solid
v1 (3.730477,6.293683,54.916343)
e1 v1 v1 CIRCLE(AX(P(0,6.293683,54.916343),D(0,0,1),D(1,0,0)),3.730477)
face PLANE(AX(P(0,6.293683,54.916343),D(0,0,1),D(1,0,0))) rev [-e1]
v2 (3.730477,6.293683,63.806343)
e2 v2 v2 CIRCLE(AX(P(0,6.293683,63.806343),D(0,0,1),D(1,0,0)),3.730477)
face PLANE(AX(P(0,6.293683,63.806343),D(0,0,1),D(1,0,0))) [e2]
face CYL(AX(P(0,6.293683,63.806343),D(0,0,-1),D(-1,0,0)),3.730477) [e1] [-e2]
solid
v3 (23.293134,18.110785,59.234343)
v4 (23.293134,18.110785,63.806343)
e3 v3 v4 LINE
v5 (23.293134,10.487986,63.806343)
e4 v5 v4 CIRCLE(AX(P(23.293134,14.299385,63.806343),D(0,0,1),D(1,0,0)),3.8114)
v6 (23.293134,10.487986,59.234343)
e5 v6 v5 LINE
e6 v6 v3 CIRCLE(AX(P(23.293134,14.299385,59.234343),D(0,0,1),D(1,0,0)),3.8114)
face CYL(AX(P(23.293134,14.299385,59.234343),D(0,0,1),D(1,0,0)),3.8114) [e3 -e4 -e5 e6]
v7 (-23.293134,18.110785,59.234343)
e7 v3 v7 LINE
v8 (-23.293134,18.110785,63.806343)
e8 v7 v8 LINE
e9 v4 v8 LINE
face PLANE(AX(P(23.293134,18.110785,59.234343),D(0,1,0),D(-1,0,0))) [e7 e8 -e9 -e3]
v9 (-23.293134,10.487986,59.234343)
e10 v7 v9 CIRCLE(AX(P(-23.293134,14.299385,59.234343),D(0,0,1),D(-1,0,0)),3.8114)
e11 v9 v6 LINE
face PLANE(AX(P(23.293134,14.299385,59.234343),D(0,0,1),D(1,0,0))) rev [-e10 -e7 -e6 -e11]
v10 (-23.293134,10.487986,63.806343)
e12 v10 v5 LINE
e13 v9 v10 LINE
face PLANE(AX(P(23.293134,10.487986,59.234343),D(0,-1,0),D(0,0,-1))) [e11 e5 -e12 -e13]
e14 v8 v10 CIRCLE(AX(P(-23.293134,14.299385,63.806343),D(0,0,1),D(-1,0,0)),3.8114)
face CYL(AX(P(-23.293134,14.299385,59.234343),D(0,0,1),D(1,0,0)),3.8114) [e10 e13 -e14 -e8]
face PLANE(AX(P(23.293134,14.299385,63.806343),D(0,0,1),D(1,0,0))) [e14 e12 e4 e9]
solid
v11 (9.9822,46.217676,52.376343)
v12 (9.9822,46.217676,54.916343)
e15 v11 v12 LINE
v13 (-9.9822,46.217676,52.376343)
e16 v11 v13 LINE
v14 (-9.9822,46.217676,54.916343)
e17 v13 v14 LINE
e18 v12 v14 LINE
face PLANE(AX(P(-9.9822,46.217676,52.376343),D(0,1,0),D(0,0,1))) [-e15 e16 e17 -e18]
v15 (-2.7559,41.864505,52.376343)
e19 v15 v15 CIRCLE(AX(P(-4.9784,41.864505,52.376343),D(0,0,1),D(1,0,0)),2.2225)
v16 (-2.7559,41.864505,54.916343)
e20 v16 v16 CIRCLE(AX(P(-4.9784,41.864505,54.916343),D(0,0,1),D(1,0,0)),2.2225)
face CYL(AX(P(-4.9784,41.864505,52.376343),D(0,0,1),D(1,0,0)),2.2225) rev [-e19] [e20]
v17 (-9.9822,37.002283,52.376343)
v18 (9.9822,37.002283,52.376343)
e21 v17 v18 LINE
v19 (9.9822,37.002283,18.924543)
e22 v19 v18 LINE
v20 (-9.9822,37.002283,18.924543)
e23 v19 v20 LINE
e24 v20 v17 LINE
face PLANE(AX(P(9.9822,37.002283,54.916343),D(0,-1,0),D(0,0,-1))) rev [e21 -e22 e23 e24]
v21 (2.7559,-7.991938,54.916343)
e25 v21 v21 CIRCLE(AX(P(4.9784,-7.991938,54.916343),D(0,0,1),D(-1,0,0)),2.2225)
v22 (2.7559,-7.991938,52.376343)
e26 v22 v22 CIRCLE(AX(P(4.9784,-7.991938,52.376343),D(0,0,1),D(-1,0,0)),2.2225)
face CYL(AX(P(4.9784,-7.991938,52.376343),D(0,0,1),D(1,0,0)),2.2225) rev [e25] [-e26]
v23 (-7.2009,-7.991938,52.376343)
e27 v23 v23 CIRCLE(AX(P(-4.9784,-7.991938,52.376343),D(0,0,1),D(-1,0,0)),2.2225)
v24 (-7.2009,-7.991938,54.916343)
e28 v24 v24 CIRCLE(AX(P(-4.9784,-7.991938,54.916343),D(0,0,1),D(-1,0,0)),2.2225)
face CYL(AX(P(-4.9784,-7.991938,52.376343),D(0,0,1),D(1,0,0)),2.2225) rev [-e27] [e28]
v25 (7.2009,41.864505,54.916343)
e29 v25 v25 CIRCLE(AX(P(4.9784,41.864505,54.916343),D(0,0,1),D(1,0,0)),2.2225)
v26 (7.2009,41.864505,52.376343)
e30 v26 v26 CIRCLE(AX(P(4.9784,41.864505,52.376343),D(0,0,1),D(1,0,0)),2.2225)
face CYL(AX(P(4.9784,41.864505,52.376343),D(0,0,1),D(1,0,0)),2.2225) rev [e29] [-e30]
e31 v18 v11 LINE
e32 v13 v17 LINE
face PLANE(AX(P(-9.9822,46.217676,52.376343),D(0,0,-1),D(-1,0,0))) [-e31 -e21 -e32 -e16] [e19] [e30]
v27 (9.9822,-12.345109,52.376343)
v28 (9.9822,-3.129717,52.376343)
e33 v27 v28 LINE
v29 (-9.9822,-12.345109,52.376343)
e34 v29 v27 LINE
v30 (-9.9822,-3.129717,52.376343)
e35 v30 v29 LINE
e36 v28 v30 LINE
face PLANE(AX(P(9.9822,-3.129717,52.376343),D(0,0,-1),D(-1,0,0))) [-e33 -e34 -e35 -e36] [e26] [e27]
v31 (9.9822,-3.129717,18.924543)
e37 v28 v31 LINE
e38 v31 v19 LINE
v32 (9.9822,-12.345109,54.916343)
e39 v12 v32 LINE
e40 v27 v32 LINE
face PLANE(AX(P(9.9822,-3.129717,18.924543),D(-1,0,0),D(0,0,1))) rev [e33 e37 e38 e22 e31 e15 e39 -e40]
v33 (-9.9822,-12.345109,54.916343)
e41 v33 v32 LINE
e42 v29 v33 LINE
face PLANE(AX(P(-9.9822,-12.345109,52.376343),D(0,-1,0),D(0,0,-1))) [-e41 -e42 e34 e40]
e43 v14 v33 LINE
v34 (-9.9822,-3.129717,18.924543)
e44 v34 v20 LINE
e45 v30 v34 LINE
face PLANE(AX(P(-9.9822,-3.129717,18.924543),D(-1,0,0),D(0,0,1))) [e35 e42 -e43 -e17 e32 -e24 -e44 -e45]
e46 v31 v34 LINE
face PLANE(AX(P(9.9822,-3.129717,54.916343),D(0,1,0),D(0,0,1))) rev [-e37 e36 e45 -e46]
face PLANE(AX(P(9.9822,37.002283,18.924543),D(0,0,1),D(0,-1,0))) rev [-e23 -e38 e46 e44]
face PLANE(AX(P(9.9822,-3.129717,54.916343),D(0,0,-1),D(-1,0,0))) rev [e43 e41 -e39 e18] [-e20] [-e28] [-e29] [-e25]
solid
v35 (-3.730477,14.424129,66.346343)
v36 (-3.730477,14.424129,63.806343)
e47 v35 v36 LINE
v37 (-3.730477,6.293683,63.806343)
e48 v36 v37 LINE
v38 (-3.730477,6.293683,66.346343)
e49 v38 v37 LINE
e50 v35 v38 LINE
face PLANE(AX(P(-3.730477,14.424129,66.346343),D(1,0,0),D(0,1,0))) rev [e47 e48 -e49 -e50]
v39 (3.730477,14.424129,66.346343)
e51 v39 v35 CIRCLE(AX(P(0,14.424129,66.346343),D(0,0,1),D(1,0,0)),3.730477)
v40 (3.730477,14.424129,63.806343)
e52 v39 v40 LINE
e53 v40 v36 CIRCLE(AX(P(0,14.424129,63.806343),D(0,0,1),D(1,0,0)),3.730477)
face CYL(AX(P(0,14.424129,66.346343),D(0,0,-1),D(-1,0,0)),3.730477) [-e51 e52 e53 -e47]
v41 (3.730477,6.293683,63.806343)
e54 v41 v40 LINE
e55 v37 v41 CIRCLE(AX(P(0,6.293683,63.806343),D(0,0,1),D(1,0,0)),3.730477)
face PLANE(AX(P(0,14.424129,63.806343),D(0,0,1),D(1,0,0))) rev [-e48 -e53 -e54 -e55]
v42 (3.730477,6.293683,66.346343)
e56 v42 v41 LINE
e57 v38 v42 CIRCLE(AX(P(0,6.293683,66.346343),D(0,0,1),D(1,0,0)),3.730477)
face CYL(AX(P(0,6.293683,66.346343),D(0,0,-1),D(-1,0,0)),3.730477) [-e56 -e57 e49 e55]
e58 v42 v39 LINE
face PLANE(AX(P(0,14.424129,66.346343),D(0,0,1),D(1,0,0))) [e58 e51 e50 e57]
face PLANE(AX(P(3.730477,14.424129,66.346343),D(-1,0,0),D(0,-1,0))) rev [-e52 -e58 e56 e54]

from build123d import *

# Parameters (mm, degrees)
SKETCH1_W      = 35.9918
SKETCH1_H      = 40.132
EXTRUDE1_DEPTH = 9.9822
SKETCH2_R      = 3.730476731
EXTRUDE2_DEPTH = 8.89
EXTRUDE3_DEPTH = 4.572
EXTRUDE4_DEPTH = 2.54
SKETCH5_W      = 19.9644
SKETCH5_H      = 9.215392605
SKETCH5_R      = 2.2225
SKETCH5_H_2    = 9.215392606
EXTRUDE5_DEPTH = 2.54


with BuildPart() as part:
    # Sketch1 → Extrude1 (new, symmetric)
    with BuildSketch(Plane(origin=(0, 0, 0), x_dir=(0, 0, -1), z_dir=(1, 0, 0))):
        with Locations((-36.920443218, 16.936283292)):
            Rectangle(SKETCH1_W, SKETCH1_H)
    extrude(amount=EXTRUDE1_DEPTH, both=True)

    # Sketch5 → Extrude5 (add)
    # profile 1 of 2: a face of its own
    with BuildSketch(Plane.XY.offset(54.916343218)):
        with Locations((0, 41.609979595)):
            Rectangle(SKETCH5_W, SKETCH5_H)
        with Locations((4.9784, 41.86450492)):
            Circle(SKETCH5_R, mode=Mode.SUBTRACT)
        with Locations((-4.9784, 41.86450492)):
            Circle(SKETCH5_R, mode=Mode.SUBTRACT)
    # profile 2 of 2: a face of its own
    with BuildSketch(Plane.XY.offset(54.916343218)):
        with Locations((0, -7.737413011)):
            Rectangle(SKETCH5_W, SKETCH5_H_2)
        with Locations(Location((-4.9784, -7.991938336, 0), (0, 0, 180))):
            Circle(SKETCH5_R, mode=Mode.SUBTRACT)
        with Locations(Location((4.9784, -7.991938336, 0), (0, 0, 180))):
            Circle(SKETCH5_R, mode=Mode.SUBTRACT)
    extrude(amount=-EXTRUDE5_DEPTH)


with BuildPart() as body_2:
    # Sketch2 → Extrude2 (new body)
    with BuildSketch(Plane.XY.offset(54.916343218)):
        with Locations((0, 6.293683292)):
            Circle(SKETCH2_R)
    extrude(amount=EXTRUDE2_DEPTH)


with BuildPart() as body_3:
    # Sketch3 → Extrude3 (new body)
    with BuildSketch(Plane.XY.offset(63.806343218)):
        with BuildLine():
            Line((23.293134334, 10.487985686), (-23.293134334, 10.487985686))
            ThreePointArc((-23.293134334, 10.487985686), (-27.10453386, 14.299385211), (-23.293134334, 18.110784737))
            Line((-23.293134334, 18.110784737), (23.293134334, 18.110784737))
            ThreePointArc((23.293134334, 18.110784737), (27.10453386, 14.299385211), (23.293134334, 10.487985686))
        make_face()
    extrude(amount=-EXTRUDE3_DEPTH)


with BuildPart() as body_4:
    # Sketch4 → Extrude4 (new body)
    with BuildSketch(Plane.XY.offset(63.806343218)):
        with BuildLine():
            Line((-3.730476731, 14.424128755), (-3.730476731, 6.293683292))
            ThreePointArc((-3.730476731, 6.293683292), (0, 2.563206561), (3.730476731, 6.293683292))
            Line((3.730476731, 6.293683292), (3.730476731, 14.424128755))
            ThreePointArc((3.730476731, 14.424128755), (0, 18.154605486), (-3.730476731, 14.424128755))
        make_face()
    extrude(amount=EXTRUDE4_DEPTH)


solid = Compound([part.part, body_2.part, body_3.part, body_4.part])
